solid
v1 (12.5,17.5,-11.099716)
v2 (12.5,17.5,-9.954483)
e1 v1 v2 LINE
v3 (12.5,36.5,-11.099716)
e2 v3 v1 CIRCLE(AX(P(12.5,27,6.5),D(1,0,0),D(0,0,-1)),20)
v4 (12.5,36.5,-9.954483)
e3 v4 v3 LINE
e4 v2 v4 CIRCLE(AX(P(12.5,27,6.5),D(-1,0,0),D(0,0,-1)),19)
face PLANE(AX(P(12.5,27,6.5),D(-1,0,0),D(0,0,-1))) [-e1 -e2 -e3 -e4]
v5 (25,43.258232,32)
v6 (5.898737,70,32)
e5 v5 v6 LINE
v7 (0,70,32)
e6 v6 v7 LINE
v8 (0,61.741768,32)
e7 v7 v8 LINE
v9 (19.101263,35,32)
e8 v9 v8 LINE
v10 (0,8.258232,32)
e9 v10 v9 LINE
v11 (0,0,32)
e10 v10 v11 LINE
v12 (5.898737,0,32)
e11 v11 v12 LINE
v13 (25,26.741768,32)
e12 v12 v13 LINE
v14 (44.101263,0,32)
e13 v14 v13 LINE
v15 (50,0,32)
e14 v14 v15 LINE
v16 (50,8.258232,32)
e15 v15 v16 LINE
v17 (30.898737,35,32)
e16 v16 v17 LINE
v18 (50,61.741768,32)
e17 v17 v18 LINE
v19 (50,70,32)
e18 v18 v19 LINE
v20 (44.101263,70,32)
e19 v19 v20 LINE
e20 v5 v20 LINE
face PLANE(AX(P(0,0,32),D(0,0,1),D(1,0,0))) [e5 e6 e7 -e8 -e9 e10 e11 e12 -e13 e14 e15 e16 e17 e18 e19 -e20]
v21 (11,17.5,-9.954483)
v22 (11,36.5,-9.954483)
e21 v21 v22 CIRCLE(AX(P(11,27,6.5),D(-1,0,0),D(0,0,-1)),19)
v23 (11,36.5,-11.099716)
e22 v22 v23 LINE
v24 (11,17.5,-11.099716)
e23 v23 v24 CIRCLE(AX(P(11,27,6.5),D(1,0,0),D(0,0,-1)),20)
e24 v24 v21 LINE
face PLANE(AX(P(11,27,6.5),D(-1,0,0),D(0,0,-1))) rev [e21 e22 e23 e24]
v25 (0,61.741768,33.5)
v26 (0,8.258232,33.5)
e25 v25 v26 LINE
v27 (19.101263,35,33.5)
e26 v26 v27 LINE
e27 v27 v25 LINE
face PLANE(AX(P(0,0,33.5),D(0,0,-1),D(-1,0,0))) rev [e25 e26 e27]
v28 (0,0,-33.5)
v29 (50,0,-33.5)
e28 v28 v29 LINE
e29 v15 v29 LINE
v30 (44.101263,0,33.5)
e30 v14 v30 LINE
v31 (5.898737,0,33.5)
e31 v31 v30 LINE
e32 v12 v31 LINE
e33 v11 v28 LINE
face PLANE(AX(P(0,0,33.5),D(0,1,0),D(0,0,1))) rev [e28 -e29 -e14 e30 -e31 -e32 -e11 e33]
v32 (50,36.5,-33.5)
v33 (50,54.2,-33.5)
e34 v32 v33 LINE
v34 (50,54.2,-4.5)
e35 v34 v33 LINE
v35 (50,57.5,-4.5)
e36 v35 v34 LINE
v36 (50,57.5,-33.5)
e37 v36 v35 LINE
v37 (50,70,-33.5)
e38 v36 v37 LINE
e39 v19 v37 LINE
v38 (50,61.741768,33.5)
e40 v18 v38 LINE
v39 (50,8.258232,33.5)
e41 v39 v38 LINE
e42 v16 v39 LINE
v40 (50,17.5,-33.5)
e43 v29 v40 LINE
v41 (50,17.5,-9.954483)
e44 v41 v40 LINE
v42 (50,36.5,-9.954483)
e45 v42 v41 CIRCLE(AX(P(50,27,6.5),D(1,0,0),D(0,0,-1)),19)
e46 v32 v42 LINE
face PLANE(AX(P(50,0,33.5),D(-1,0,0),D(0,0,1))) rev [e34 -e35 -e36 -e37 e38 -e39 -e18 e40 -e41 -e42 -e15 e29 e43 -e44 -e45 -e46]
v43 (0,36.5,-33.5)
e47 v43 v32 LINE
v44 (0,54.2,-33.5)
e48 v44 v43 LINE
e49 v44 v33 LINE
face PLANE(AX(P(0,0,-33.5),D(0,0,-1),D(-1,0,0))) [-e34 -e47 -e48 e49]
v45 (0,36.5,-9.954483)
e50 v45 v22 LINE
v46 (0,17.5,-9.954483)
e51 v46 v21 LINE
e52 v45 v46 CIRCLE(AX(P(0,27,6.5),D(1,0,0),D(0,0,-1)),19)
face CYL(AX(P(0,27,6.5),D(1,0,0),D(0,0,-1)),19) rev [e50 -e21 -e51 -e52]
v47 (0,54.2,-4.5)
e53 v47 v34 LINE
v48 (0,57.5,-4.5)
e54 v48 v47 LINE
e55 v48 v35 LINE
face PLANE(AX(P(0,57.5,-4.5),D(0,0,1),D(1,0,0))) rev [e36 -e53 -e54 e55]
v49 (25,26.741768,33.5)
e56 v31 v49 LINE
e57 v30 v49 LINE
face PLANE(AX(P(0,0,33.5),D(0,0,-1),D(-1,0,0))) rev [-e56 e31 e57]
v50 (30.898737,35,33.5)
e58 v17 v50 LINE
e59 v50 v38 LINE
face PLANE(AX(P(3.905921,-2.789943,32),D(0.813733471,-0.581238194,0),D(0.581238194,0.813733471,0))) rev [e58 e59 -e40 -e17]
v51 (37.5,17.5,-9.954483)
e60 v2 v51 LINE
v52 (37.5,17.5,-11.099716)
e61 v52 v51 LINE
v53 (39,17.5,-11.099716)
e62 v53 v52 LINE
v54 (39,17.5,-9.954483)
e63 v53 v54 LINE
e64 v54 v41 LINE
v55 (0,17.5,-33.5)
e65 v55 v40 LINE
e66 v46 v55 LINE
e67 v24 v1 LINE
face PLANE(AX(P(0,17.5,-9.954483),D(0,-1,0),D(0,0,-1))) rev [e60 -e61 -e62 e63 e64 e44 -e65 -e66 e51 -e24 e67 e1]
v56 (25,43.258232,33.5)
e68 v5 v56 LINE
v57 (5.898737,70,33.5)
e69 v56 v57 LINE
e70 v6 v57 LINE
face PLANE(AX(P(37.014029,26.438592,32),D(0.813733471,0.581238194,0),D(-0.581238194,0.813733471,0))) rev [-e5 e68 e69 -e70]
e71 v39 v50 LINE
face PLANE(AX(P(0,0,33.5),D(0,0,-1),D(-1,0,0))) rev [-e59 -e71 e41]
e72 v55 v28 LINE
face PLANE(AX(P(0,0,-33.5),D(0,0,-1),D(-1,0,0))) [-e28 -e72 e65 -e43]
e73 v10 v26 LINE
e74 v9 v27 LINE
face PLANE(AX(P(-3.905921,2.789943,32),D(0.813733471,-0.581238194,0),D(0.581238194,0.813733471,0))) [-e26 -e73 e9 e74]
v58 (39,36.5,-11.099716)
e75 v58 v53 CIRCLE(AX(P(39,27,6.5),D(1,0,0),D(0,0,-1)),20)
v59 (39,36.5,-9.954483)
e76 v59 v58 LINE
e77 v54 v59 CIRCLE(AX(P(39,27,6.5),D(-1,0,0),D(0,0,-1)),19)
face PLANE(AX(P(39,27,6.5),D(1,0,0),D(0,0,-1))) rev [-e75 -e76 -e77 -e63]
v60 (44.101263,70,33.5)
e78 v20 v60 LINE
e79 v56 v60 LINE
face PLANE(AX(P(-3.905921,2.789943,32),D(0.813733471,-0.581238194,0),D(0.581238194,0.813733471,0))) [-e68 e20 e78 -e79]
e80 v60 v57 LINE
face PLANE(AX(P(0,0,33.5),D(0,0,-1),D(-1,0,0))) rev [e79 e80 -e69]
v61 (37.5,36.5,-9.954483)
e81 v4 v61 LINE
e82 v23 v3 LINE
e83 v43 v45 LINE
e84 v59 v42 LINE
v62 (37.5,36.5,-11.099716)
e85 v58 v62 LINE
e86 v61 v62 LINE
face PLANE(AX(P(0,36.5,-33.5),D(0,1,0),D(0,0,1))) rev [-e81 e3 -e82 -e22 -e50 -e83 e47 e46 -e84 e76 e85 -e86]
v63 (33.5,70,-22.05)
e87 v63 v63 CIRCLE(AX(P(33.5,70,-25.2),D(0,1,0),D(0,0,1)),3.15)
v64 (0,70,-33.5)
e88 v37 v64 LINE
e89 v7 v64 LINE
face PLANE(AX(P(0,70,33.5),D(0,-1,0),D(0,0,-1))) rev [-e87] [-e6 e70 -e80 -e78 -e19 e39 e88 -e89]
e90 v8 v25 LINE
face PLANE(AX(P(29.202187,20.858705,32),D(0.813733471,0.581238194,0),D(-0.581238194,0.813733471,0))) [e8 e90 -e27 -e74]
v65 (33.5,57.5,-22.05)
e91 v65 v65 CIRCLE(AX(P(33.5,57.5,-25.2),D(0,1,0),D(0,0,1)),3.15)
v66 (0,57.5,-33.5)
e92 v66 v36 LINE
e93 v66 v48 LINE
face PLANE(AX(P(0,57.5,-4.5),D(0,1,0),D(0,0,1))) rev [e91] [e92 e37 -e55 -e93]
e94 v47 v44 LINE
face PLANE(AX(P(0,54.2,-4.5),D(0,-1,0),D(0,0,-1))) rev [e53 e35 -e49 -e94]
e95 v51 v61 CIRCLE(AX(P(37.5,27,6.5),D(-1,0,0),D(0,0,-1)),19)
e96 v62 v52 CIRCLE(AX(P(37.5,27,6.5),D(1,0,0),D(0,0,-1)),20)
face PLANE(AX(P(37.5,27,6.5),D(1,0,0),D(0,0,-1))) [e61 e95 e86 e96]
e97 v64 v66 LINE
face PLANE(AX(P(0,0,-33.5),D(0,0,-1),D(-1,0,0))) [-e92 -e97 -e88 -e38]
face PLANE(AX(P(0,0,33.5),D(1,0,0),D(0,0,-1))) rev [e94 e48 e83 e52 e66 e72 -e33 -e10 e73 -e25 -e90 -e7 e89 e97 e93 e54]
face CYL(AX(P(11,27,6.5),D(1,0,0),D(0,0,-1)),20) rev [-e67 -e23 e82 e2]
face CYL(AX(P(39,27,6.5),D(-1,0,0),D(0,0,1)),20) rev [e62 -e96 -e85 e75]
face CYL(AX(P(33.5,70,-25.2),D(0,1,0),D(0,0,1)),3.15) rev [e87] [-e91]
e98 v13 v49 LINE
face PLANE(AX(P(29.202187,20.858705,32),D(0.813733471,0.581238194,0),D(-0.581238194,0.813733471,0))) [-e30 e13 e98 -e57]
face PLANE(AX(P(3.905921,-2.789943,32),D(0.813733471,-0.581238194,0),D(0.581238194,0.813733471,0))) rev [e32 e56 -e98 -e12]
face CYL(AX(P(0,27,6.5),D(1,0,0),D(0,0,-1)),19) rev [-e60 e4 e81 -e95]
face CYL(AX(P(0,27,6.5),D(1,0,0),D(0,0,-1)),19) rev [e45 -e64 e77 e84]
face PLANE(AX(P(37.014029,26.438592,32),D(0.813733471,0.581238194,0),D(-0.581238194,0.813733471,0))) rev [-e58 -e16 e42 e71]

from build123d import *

# Parameters (mm, degrees)
SKETCH1_W                 = 50
SKETCH1_H                 = 70
BOSS_EXTRUDE1_DEPTH       = 33.5
CUT_EXTRUDE2_DEPTH        = 1.5
SKETCH3_W                 = 29
SKETCH3_H                 = 3.3
CUT_EXTRUDE3_DEPTH        = 51
CUT_EXTRUDE4_DEPTH        = 51
F_6_0MM_DOWEL_HOLE2_D     = 6.3
F_6_0MM_DOWEL_HOLE2_DEPTH = 12.5
CUT_EXTRUDE6_DEPTH        = 1.5


with BuildPart() as part:
    # Sketch1 → Boss-Extrude1 (new body, symmetric)
    with BuildSketch(Plane.XY):
        with Locations((25, 35)):
            Rectangle(SKETCH1_W, SKETCH1_H)
    extrude(amount=BOSS_EXTRUDE1_DEPTH, both=True)

    # Sketch2 → Cut-Extrude2 (cut)
    with BuildSketch(Plane.XY.offset(33.5)):
        Polygon((19.101262674, 35), (25, 43.258232256), (5.898737326, 70), (0, 70), (0, 61.741767744), align=None)
        Polygon((50, 0), (50, 8.258232256), (30.898737326, 35), (25, 26.741767744), (44.101262674, 0), align=None)
        Polygon((25, 43.258232256), (30.898737326, 35), (50, 61.741767744), (50, 70), (44.101262674, 70), align=None)
        Polygon((5.898737326, 0), (25, 26.741767744), (19.101262674, 35), (0, 8.258232256), (0, 0), align=None)
        Polygon((25, 26.741767744), (30.898737326, 35), (25, 43.258232256), (19.101262674, 35), align=None)
    extrude(amount=-CUT_EXTRUDE2_DEPTH, mode=Mode.SUBTRACT)

    # Sketch3 → Cut-Extrude3 (cut, through all)
    with BuildSketch(Plane(origin=(50, 0, 0), x_dir=(0, 0, -1), z_dir=(1, 0, 0))):
        with Locations((19, 55.85)):
            Rectangle(SKETCH3_W, SKETCH3_H)
    extrude(amount=-CUT_EXTRUDE3_DEPTH, mode=Mode.SUBTRACT)

    # Sketch4 → Cut-Extrude4 (cut, through all)
    with BuildSketch(Plane(origin=(50, 0, 0), x_dir=(0, 0, -1), z_dir=(1, 0, 0))):
        with BuildLine():
            Line((33.5, 36.5), (9.954482672, 36.5))
            ThreePointArc((9.954482672, 36.5), (-25.5, 27), (9.954482672, 17.5))
            Line((9.954482672, 17.5), (33.5, 17.5))
            Line((33.5, 17.5), (33.5, 36.5))
        make_face()
    extrude(amount=-CUT_EXTRUDE4_DEPTH, mode=Mode.SUBTRACT)

    # Ø6.0mm Dowel Hole2
    with Locations(Plane(origin=(0, 70, 0), x_dir=(1, 0, 0), z_dir=(0, 1, 0))):
        with Locations((33.5, 25.2)):
            Hole(F_6_0MM_DOWEL_HOLE2_D / 2, depth=F_6_0MM_DOWEL_HOLE2_DEPTH)

    # Sketch15 → Cut-Extrude6 (cut)
    with BuildSketch(Plane(origin=(37.5, 0, 0), x_dir=(0, 0, -1), z_dir=(1, 0, 0))):
        with BuildLine():
            Line((9.954482672, 36.5), (11.099715907, 36.5))
            ThreePointArc((11.099715907, 36.5), (-26.5, 27), (11.099715907, 17.5))
            Line((11.099715907, 17.5), (9.954482672, 17.5))
            ThreePointArc((9.954482672, 17.5), (-25.5, 27), (9.954482672, 36.5))
        make_face()
    cut_extrude6 = extrude(amount=CUT_EXTRUDE6_DEPTH, mode=Mode.SUBTRACT)

    # Mirror2: Cut-Extrude6 across plane
    add(cut_extrude6.mirror(Plane(origin=(25, 0, 0), x_dir=(0, 0, 1), z_dir=(1, 0, 0))), mode=Mode.SUBTRACT)


solid = part.part
